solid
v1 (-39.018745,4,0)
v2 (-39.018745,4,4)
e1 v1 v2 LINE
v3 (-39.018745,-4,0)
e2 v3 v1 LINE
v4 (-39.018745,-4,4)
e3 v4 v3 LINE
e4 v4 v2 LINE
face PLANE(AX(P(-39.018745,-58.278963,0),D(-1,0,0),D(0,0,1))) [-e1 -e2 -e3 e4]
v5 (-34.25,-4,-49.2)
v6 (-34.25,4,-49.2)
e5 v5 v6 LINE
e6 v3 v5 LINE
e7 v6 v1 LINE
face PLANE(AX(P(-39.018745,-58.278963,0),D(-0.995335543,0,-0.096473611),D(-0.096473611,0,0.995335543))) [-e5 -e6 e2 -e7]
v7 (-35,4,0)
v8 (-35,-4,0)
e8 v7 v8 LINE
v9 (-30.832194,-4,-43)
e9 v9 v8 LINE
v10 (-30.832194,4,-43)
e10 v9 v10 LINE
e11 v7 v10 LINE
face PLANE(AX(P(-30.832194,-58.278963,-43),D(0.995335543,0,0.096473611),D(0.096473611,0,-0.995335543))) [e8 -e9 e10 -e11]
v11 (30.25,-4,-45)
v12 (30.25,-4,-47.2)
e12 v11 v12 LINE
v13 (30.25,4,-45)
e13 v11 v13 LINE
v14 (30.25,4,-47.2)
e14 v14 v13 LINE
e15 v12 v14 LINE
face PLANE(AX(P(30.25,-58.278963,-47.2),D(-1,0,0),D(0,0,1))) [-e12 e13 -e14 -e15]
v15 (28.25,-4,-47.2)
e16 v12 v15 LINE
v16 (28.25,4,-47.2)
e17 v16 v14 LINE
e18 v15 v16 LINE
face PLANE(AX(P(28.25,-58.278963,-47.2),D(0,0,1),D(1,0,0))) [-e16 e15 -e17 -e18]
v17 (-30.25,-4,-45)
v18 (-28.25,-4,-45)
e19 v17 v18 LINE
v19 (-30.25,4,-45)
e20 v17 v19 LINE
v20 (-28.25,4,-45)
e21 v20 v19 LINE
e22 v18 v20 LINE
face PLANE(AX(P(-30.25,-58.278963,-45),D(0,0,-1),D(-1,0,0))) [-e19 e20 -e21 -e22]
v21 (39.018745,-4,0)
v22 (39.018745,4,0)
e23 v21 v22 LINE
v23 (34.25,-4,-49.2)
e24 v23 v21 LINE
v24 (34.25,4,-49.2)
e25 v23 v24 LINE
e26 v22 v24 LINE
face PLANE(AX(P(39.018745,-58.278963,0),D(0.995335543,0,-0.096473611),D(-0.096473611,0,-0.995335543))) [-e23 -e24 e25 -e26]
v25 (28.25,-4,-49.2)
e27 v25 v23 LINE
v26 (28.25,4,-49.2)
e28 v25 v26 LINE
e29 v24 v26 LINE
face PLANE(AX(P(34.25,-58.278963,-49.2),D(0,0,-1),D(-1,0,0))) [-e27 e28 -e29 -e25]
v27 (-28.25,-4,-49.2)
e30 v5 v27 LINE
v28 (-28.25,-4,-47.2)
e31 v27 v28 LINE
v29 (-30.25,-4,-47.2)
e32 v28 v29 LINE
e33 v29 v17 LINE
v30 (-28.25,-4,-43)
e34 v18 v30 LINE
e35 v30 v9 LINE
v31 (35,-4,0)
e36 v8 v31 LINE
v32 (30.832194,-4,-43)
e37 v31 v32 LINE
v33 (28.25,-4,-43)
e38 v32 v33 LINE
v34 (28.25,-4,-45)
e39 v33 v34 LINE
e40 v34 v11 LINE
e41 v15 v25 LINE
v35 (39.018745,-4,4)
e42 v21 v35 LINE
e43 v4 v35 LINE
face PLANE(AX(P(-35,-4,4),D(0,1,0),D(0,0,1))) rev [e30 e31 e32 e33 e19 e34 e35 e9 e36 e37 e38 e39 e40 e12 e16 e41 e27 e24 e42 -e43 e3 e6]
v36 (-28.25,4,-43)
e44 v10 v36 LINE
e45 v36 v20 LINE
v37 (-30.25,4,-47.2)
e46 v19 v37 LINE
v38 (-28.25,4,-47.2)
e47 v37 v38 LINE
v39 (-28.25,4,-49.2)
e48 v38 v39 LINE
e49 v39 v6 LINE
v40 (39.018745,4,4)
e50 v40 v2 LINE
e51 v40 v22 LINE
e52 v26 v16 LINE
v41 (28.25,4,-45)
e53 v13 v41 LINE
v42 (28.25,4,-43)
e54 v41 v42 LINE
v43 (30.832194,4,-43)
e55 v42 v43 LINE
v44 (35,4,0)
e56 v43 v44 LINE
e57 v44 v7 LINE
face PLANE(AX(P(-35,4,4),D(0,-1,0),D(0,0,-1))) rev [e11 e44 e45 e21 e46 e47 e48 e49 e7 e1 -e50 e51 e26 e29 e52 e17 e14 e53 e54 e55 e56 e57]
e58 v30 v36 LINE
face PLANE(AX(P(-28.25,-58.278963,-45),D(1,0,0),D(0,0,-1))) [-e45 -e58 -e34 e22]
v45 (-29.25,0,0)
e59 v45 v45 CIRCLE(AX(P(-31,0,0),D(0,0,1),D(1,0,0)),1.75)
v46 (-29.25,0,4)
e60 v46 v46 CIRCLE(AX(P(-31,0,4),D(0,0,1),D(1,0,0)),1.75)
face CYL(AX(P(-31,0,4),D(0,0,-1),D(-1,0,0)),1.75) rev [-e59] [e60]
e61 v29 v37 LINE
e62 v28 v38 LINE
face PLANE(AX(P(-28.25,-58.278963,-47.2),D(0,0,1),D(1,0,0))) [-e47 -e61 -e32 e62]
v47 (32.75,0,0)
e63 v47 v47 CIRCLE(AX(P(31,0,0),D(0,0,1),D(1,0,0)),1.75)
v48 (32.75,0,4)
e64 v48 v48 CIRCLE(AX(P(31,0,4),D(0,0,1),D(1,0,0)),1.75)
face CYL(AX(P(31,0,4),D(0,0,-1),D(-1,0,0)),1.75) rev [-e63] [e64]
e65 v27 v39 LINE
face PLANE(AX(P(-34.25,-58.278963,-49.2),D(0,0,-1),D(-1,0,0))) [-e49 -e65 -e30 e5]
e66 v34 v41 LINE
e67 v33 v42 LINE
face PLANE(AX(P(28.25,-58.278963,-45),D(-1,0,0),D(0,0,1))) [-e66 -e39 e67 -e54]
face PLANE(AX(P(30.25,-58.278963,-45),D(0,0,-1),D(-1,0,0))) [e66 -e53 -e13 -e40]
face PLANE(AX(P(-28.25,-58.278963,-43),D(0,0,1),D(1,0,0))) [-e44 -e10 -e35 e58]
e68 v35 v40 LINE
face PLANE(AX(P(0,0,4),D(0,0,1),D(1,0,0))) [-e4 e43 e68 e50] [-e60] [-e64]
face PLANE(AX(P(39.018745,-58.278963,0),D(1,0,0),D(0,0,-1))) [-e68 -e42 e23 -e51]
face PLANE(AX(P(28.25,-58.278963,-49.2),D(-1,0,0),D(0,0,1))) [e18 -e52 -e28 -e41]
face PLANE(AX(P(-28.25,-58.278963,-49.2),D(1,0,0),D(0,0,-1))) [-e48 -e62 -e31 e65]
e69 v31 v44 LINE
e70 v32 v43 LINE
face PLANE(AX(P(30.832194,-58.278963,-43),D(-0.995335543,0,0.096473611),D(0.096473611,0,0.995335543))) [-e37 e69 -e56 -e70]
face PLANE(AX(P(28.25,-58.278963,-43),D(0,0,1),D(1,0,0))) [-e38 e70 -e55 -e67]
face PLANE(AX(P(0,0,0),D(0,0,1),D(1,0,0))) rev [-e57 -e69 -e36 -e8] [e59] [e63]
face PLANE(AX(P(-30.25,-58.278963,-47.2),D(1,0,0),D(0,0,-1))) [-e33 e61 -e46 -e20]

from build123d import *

# Parameters (mm, degrees)
ESBO_O1_W                = 70
ESBO_O1_H                = 8
ESBO_O1_R                = 1.75
RESSALTO_EXTRUS_O1_DEPTH = 4
RESSALTO_EXTRUS_O2_DEPTH = 8


with BuildPart() as part:
    # Esboço1 → Ressalto-extrusão1 (new body)
    with BuildSketch(Plane.XY):
        Rectangle(ESBO_O1_W, ESBO_O1_H)
        with Locations((-31, 0)):
            Circle(ESBO_O1_R, mode=Mode.SUBTRACT)
        with Locations((31, 0)):
            Circle(ESBO_O1_R, mode=Mode.SUBTRACT)
    extrude(amount=RESSALTO_EXTRUS_O1_DEPTH)

    # Esboço2 → Ressalto-extrusão2 (add)
    with BuildSketch(Plane(origin=(0, 4, 0), x_dir=(1, 0, 0), z_dir=(0, 1, 0))):
        Polygon((-35, 0), (-35, -4), (-39.018745266, -4), (-39.018745266, 0), (-34.25, 49.2), (-28.25, 49.2), (-28.25, 47.2), (-30.25, 47.2), (-30.25, 45), (-28.25, 45), (-28.25, 43), (-30.832194178, 43), align=None)
        Polygon((39.018745266, -4), (35, -4), (35, 0), (30.832194178, 43), (28.25, 43), (28.25, 45), (30.25, 45), (30.25, 47.2), (28.25, 47.2), (28.25, 49.2), (34.25, 49.2), (39.018745266, 0), align=None)
    extrude(amount=-RESSALTO_EXTRUS_O2_DEPTH)


solid = part.part
